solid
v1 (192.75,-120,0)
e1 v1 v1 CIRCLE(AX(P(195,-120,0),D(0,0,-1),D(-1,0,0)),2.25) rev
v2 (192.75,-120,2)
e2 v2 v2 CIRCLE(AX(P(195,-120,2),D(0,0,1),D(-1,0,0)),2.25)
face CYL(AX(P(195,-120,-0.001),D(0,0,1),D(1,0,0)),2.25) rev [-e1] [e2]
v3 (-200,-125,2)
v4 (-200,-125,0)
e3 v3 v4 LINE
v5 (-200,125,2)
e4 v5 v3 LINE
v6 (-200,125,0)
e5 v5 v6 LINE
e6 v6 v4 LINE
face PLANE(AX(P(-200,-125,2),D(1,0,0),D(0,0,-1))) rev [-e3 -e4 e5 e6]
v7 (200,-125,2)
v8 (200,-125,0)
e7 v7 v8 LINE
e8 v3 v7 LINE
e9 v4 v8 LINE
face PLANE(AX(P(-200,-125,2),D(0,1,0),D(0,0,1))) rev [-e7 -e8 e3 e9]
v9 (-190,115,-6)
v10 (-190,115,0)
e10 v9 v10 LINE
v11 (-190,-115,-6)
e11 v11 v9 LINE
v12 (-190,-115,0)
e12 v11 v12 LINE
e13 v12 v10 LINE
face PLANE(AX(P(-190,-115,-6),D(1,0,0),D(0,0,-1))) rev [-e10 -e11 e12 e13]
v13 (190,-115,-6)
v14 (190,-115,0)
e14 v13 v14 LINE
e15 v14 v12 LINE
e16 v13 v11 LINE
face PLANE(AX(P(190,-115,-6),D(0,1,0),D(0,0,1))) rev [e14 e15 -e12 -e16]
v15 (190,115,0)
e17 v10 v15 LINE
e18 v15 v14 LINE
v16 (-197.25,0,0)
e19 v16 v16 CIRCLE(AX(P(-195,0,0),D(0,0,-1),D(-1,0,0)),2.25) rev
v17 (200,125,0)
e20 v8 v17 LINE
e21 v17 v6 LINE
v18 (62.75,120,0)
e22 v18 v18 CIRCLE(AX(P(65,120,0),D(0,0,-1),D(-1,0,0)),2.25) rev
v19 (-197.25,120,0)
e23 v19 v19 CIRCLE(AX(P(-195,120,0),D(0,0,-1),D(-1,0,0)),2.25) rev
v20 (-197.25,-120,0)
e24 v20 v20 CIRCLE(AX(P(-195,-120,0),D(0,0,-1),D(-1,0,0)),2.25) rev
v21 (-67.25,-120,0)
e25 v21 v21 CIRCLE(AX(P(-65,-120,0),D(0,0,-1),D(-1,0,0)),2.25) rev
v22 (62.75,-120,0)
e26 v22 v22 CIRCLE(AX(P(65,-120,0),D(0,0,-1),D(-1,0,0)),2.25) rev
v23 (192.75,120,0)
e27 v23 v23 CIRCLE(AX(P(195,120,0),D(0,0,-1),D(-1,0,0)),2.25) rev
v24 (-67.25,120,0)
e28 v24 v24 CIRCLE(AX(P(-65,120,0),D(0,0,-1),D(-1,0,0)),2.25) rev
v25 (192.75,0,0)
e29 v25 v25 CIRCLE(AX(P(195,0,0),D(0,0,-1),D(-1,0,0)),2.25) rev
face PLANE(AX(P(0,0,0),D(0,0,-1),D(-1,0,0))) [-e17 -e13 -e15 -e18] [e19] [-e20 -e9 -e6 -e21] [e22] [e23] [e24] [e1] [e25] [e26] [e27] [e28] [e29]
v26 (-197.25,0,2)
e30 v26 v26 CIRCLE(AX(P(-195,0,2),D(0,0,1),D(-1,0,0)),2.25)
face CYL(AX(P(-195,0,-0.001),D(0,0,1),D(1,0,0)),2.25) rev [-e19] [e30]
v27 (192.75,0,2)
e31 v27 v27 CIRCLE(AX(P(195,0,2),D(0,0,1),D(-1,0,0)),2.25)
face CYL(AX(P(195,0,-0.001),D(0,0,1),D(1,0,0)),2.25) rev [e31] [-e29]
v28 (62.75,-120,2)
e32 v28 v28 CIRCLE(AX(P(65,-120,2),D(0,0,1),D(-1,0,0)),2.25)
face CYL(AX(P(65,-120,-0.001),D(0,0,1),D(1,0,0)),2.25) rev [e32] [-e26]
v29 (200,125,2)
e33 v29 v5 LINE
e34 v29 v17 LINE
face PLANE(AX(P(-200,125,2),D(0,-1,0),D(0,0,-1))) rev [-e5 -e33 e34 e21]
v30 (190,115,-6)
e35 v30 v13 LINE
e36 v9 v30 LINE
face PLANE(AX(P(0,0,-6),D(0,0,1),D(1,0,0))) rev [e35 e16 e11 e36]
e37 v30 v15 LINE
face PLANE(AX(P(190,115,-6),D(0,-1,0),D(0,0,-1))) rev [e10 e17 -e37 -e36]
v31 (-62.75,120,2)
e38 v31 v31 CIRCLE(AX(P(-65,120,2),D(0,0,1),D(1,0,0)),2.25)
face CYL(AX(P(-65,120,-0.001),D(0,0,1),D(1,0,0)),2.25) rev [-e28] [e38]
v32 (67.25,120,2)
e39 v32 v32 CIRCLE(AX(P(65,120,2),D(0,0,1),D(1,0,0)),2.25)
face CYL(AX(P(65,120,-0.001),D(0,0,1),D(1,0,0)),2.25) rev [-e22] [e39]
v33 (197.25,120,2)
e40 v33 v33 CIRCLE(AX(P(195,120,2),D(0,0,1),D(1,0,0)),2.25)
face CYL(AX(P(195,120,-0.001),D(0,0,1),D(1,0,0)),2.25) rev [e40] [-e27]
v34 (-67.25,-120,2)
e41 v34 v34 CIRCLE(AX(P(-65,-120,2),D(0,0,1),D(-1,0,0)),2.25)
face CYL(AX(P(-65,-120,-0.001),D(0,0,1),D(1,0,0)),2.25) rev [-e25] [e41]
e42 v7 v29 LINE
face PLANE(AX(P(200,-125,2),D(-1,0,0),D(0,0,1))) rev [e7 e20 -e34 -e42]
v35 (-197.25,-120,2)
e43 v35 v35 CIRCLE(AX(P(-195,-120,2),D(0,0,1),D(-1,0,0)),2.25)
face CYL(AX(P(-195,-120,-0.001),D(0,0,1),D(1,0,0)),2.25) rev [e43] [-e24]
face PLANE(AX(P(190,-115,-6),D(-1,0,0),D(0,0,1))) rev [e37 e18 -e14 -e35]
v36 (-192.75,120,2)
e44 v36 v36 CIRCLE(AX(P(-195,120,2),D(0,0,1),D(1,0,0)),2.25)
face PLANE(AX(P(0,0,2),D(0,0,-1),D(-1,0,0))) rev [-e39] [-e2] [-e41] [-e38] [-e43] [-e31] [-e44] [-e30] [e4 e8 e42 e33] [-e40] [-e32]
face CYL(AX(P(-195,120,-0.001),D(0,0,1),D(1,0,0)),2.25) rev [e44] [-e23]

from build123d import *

# Parameters (mm, degrees)
IZIM1_W                     = 400
IZIM1_H                     = 250
Y_KSEKLIK_EKSTR_ZYON1_DEPTH = 2
KES_EKSTR_ZYON1_REACH       = 237.858
IZIM3_R                     = 2.25
IZIM4_W                     = 380
IZIM4_H                     = 230
Y_KSEKLIK_EKSTR_ZYON2_DEPTH = 6


with BuildPart() as part:
    # Çizim1 → Yükseklik-Ekstrüzyon1 (new body)
    with BuildSketch(Plane.XY):
        Rectangle(IZIM1_W, IZIM1_H)
    extrude(amount=Y_KSEKLIK_EKSTR_ZYON1_DEPTH)

    # Çizim3 → Kes-Ekstrüzyon1 (cut, up to next)
    with BuildSketch(Plane.XY.offset(2), mode=Mode.PRIVATE) as kes_ekstr_zyon1_sk1:
        with Locations((-195, 120)):
            Circle(IZIM3_R)
    kes_ekstr_zyon1_tool1 = extrude(kes_ekstr_zyon1_sk1.sketch, amount=-KES_EKSTR_ZYON1_REACH, mode=Mode.PRIVATE) & part.part
    # Çizim3 → Kes-Ekstrüzyon1 (cut, up to next)
    with BuildSketch(Plane.XY.offset(2), mode=Mode.PRIVATE) as kes_ekstr_zyon1_sk2:
        with Locations((-65, 120)):
            Circle(IZIM3_R)
    kes_ekstr_zyon1_tool2 = extrude(kes_ekstr_zyon1_sk2.sketch, amount=-KES_EKSTR_ZYON1_REACH, mode=Mode.PRIVATE) & part.part
    # Çizim3 → Kes-Ekstrüzyon1 (cut, up to next)
    with BuildSketch(Plane.XY.offset(2), mode=Mode.PRIVATE) as kes_ekstr_zyon1_sk3:
        with Locations((65, 120)):
            Circle(IZIM3_R)
    kes_ekstr_zyon1_tool3 = extrude(kes_ekstr_zyon1_sk3.sketch, amount=-KES_EKSTR_ZYON1_REACH, mode=Mode.PRIVATE) & part.part
    # Çizim3 → Kes-Ekstrüzyon1 (cut, up to next)
    with BuildSketch(Plane.XY.offset(2), mode=Mode.PRIVATE) as kes_ekstr_zyon1_sk4:
        with Locations((195, 120)):
            Circle(IZIM3_R)
    kes_ekstr_zyon1_tool4 = extrude(kes_ekstr_zyon1_sk4.sketch, amount=-KES_EKSTR_ZYON1_REACH, mode=Mode.PRIVATE) & part.part
    # Çizim3 → Kes-Ekstrüzyon1 (cut, up to next)
    with BuildSketch(Plane.XY.offset(2), mode=Mode.PRIVATE) as kes_ekstr_zyon1_sk5:
        with Locations(Location((-65, -120, 0), (0, 0, 180))):
            Circle(IZIM3_R)
    kes_ekstr_zyon1_tool5 = extrude(kes_ekstr_zyon1_sk5.sketch, amount=-KES_EKSTR_ZYON1_REACH, mode=Mode.PRIVATE) & part.part
    # Çizim3 → Kes-Ekstrüzyon1 (cut, up to next)
    with BuildSketch(Plane.XY.offset(2), mode=Mode.PRIVATE) as kes_ekstr_zyon1_sk6:
        with Locations(Location((65, -120, 0), (0, 0, 180))):
            Circle(IZIM3_R)
    kes_ekstr_zyon1_tool6 = extrude(kes_ekstr_zyon1_sk6.sketch, amount=-KES_EKSTR_ZYON1_REACH, mode=Mode.PRIVATE) & part.part
    # Çizim3 → Kes-Ekstrüzyon1 (cut, up to next)
    with BuildSketch(Plane.XY.offset(2), mode=Mode.PRIVATE) as kes_ekstr_zyon1_sk7:
        with Locations(Location((195, -120, 0), (0, 0, 180))):
            Circle(IZIM3_R)
    kes_ekstr_zyon1_tool7 = extrude(kes_ekstr_zyon1_sk7.sketch, amount=-KES_EKSTR_ZYON1_REACH, mode=Mode.PRIVATE) & part.part
    # Çizim3 → Kes-Ekstrüzyon1 (cut, up to next)
    with BuildSketch(Plane.XY.offset(2), mode=Mode.PRIVATE) as kes_ekstr_zyon1_sk8:
        with Locations(Location((-195, -120, 0), (0, 0, 180))):
            Circle(IZIM3_R)
    kes_ekstr_zyon1_tool8 = extrude(kes_ekstr_zyon1_sk8.sketch, amount=-KES_EKSTR_ZYON1_REACH, mode=Mode.PRIVATE) & part.part
    # Çizim3 → Kes-Ekstrüzyon1 (cut, up to next)
    with BuildSketch(Plane.XY.offset(2), mode=Mode.PRIVATE) as kes_ekstr_zyon1_sk9:
        with Locations(Location((-195, 0, 0), (0, 0, 180))):
            Circle(IZIM3_R)
    kes_ekstr_zyon1_tool9 = extrude(kes_ekstr_zyon1_sk9.sketch, amount=-KES_EKSTR_ZYON1_REACH, mode=Mode.PRIVATE) & part.part
    # Çizim3 → Kes-Ekstrüzyon1 (cut, up to next)
    with BuildSketch(Plane.XY.offset(2), mode=Mode.PRIVATE) as kes_ekstr_zyon1_sk10:
        with Locations(Location((195, 0, 0), (0, 0, 180))):
            Circle(IZIM3_R)
    kes_ekstr_zyon1_tool10 = extrude(kes_ekstr_zyon1_sk10.sketch, amount=-KES_EKSTR_ZYON1_REACH, mode=Mode.PRIVATE) & part.part
    add(kes_ekstr_zyon1_tool1.solids().sort_by_distance((-195, 120, 2))[0], mode=Mode.SUBTRACT)
    add(kes_ekstr_zyon1_tool2.solids().sort_by_distance((-65, 120, 2))[0], mode=Mode.SUBTRACT)
    add(kes_ekstr_zyon1_tool3.solids().sort_by_distance((65, 120, 2))[0], mode=Mode.SUBTRACT)
    add(kes_ekstr_zyon1_tool4.solids().sort_by_distance((195, 120, 2))[0], mode=Mode.SUBTRACT)
    add(kes_ekstr_zyon1_tool5.solids().sort_by_distance((-65, -120, 2))[0], mode=Mode.SUBTRACT)
    add(kes_ekstr_zyon1_tool6.solids().sort_by_distance((65, -120, 2))[0], mode=Mode.SUBTRACT)
    add(kes_ekstr_zyon1_tool7.solids().sort_by_distance((195, -120, 2))[0], mode=Mode.SUBTRACT)
    add(kes_ekstr_zyon1_tool8.solids().sort_by_distance((-195, -120, 2))[0], mode=Mode.SUBTRACT)
    add(kes_ekstr_zyon1_tool9.solids().sort_by_distance((-195, 0, 2))[0], mode=Mode.SUBTRACT)
    add(kes_ekstr_zyon1_tool10.solids().sort_by_distance((195, 0, 2))[0], mode=Mode.SUBTRACT)

    # Çizim4 → Yükseklik-Ekstrüzyon2 (add)
    with BuildSketch(Plane(origin=(0, 0, 0), x_dir=(-1, 0, 0), z_dir=(0, 0, -1))):
        Rectangle(IZIM4_W, IZIM4_H)
    extrude(amount=Y_KSEKLIK_EKSTR_ZYON2_DEPTH)


solid = part.part
